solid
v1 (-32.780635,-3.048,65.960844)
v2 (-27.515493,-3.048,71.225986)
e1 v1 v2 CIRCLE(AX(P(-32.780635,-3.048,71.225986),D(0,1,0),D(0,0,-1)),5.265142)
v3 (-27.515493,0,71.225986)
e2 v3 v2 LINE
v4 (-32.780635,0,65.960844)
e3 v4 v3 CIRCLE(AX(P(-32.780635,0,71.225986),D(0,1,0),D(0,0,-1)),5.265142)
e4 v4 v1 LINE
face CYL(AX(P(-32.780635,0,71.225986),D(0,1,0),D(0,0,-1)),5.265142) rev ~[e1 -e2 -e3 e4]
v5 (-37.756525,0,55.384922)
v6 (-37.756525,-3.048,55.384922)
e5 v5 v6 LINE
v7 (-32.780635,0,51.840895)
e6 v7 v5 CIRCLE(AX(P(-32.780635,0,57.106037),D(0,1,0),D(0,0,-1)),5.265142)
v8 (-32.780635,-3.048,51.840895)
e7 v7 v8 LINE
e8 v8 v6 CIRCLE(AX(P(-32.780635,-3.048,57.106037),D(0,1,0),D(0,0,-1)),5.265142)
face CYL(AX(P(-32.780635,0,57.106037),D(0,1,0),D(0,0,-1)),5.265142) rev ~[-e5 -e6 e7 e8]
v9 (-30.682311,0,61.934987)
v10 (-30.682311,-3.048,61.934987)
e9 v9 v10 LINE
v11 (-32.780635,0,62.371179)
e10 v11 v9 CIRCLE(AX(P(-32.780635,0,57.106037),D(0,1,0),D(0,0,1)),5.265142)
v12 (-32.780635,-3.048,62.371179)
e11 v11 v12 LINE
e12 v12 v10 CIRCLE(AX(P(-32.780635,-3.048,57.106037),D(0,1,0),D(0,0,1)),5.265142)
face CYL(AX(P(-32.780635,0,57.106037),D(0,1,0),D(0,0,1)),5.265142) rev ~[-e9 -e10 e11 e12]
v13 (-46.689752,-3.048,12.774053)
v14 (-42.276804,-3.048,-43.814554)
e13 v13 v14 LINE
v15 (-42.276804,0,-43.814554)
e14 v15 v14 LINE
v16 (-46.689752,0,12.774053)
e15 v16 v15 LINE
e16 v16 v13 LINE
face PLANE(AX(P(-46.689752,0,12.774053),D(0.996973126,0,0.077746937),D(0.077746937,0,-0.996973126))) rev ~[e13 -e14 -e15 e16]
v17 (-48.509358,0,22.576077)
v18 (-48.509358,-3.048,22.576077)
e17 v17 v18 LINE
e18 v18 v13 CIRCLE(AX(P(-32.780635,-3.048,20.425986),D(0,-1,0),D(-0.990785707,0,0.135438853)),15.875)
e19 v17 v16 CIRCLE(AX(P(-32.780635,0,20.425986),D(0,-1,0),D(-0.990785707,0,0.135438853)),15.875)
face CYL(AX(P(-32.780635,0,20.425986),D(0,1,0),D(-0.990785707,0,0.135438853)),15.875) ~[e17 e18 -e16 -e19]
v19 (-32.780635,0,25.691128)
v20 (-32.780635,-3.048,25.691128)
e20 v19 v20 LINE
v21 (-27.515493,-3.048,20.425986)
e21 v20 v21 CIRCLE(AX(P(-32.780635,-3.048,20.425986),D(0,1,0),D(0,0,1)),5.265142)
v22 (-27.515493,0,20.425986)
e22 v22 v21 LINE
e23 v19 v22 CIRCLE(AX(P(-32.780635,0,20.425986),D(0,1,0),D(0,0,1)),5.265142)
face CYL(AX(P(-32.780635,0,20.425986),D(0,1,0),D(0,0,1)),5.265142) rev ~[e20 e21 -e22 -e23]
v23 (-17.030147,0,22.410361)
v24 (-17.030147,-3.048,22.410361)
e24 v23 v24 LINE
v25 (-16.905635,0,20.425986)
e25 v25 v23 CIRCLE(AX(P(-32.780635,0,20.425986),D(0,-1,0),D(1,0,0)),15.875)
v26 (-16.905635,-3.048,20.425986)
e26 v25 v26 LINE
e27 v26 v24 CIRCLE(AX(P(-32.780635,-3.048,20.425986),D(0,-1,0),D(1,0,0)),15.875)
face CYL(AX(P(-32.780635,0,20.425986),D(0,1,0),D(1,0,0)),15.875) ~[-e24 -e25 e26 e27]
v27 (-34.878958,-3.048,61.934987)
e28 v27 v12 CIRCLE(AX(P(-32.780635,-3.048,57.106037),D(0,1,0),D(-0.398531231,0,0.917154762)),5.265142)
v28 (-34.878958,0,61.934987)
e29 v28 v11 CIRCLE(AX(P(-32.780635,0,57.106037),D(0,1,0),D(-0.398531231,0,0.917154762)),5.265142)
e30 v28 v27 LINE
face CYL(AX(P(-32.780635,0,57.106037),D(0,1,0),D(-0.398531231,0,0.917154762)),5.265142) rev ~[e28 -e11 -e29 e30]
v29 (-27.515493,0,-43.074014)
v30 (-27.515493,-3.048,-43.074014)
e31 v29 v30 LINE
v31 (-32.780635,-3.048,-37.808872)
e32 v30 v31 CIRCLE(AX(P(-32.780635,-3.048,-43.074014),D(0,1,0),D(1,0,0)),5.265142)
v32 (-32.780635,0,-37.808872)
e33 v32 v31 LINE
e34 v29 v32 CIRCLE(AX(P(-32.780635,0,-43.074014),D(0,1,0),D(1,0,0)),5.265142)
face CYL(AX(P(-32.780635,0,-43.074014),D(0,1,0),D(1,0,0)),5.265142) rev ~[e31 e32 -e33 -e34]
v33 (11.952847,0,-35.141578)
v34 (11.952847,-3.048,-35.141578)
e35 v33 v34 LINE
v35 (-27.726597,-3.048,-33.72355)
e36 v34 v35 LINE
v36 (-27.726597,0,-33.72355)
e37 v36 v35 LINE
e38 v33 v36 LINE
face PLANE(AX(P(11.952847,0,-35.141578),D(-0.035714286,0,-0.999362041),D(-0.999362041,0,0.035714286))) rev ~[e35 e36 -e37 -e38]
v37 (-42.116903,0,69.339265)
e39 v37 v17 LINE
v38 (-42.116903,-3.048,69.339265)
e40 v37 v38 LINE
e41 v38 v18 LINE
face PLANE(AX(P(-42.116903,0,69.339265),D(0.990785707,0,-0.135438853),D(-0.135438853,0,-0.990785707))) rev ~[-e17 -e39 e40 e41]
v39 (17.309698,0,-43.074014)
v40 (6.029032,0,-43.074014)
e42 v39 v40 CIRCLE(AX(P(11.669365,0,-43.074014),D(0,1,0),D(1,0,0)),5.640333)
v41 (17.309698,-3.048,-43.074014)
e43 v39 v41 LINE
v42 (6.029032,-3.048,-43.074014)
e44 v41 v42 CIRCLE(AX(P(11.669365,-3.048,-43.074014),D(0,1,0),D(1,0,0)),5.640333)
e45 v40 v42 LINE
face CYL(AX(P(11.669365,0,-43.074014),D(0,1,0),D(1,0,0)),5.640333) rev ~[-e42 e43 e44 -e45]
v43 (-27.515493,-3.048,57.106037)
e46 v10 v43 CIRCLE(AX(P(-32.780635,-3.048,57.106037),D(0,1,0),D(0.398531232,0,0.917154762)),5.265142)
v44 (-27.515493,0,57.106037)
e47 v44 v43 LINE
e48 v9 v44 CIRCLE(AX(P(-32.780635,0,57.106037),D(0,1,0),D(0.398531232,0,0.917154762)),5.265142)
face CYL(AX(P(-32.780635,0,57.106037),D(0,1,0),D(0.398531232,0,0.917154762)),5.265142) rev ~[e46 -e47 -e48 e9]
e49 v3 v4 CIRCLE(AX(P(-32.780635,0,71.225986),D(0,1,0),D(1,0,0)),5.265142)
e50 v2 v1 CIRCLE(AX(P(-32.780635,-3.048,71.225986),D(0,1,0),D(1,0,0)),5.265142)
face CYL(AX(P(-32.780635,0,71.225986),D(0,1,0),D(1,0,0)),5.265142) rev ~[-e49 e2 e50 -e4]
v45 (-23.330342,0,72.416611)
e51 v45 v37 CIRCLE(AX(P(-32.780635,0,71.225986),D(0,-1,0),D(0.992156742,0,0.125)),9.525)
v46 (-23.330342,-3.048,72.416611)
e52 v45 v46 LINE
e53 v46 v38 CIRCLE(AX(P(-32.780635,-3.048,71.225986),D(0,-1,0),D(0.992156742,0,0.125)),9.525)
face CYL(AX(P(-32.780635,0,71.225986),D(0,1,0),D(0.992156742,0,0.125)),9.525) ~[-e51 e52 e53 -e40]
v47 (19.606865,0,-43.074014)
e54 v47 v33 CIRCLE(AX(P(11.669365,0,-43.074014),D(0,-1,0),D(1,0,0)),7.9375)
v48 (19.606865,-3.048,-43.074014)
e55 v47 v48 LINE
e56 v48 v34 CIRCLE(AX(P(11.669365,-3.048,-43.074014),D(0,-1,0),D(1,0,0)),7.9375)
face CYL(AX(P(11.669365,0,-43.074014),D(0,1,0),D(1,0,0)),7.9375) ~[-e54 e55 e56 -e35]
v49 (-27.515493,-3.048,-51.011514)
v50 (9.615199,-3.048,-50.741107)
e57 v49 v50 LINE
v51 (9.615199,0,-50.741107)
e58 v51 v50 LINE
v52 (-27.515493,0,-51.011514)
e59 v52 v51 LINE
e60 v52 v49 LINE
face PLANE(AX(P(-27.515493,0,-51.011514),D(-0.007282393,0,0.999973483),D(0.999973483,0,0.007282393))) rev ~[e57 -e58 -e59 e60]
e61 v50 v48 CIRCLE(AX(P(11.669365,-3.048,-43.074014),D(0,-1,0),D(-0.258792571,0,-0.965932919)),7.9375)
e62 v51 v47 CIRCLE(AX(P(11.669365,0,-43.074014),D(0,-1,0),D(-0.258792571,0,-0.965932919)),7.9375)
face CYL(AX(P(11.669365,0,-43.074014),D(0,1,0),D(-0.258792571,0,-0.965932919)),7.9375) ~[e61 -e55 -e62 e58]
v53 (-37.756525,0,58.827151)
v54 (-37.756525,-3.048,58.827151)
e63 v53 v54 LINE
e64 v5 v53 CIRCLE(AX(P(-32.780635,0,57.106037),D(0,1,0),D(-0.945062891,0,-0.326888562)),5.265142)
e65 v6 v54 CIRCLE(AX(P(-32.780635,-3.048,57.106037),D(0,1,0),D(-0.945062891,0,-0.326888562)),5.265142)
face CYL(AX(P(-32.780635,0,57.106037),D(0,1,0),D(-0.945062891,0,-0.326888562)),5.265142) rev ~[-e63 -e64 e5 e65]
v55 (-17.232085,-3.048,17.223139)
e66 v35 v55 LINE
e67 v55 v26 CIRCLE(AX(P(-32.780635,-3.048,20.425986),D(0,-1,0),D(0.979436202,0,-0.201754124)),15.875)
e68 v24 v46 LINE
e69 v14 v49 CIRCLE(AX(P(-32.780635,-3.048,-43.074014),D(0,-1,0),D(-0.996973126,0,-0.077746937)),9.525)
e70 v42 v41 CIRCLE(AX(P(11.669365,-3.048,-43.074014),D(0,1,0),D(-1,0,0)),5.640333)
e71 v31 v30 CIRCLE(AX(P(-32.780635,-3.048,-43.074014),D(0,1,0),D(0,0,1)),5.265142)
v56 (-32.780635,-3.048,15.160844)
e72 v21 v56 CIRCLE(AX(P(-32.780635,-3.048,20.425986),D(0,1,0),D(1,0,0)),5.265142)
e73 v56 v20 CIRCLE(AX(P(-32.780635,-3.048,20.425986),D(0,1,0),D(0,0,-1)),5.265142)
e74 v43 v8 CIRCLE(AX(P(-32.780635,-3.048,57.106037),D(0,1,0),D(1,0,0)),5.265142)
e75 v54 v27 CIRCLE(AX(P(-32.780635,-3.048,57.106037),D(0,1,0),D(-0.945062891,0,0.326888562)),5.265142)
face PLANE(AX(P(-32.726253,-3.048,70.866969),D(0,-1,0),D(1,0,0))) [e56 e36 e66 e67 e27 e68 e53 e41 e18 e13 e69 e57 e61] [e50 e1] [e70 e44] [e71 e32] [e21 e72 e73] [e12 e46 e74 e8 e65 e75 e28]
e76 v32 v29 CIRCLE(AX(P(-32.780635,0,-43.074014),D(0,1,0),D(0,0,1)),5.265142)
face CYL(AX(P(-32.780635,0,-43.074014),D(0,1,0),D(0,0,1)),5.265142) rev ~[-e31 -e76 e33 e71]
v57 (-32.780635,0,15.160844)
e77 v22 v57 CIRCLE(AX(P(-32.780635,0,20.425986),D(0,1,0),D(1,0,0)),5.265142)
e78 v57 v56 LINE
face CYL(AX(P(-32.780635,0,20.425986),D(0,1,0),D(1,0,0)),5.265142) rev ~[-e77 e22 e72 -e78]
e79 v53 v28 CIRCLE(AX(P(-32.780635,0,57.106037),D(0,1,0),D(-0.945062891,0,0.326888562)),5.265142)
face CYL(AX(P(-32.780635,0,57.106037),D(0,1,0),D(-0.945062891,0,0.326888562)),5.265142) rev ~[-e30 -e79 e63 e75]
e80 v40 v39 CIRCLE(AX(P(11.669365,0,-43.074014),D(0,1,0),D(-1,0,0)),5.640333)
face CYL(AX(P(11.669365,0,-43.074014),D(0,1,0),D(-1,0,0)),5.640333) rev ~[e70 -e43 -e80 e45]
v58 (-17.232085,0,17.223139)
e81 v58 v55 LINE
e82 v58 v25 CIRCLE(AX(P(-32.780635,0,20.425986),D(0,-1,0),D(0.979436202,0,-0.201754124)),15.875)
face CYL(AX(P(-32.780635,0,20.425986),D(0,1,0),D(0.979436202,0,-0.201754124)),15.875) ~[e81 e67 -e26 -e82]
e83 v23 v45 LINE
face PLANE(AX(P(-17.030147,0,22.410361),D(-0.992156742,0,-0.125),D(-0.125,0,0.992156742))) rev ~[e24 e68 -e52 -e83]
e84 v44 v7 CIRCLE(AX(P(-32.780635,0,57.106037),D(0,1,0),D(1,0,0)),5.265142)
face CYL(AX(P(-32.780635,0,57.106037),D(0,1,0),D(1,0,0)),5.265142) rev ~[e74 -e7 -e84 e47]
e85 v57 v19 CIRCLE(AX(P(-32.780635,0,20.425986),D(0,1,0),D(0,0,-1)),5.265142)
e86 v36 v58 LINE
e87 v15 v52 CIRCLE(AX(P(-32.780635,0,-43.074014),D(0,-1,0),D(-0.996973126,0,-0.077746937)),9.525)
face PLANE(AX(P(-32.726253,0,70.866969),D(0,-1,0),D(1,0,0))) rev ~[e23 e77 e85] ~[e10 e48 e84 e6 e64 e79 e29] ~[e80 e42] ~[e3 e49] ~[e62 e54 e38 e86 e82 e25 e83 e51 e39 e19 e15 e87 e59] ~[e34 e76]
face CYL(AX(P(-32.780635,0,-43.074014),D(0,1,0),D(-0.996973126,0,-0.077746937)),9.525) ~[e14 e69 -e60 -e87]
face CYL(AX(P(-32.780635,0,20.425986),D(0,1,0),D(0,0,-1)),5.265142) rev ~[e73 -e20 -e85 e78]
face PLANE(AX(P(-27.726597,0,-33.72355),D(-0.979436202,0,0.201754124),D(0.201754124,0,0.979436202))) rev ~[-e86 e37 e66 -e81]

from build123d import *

# Parameters (mm, degrees)
F1_DEPTH = 3.048


with BuildPart() as f1:
    # F0 (on Front) → F1 (new body)
    with BuildSketch(Plane.XZ):
        with BuildLine():
            ThreePointArc((-34.8789583164, 61.9349866176), (-33.852225346, 62.2609772896), (-32.7806348489, 62.3711785475))
            ThreePointArc((-32.7806348489, 62.3711785475), (-31.7090443518, 62.2609772896), (-30.6823113814, 61.9349866176))
            ThreePointArc((-30.6823113814, 61.9349866176), (-25.3404683176, 65.2787554881), (-23.2556348489, 71.2259856826))
            ThreePointArc((-23.2556348489, 71.2259856826), (-23.2743299547, 71.8224689245), (-23.3303418847, 72.4166106826))
            ThreePointArc((-23.3303418847, 72.4166106826), (-34.3203633768, 80.6257123308), (-42.1169034528, 69.3392653651))
            ThreePointArc((-42.1169034528, 69.3392653651), (-39.5918983075, 64.5677340279), (-34.8789583164, 61.9349866176))
        make_face()
        with BuildLine():
            ThreePointArc((-27.5154929942, 71.2259856826), (-29.0576173395, 67.5029681732), (-32.7806348489, 65.9608438279))
            ThreePointArc((-32.7806348489, 65.9608438279), (-36.5036523583, 74.9490031919), (-27.5154929942, 71.2259856826))
        make_face(mode=Mode.SUBTRACT)
        with BuildLine():
            ThreePointArc((-23.2556348489, 71.2259856826), (-25.3404683176, 65.2787554881), (-30.6823113814, 61.9349866176))
            ThreePointArc((-30.6823113814, 61.9349866176), (-28.3778124891, 59.9934012383), (-27.5154929942, 57.1060366929))
            ThreePointArc((-27.5154929942, 57.1060366929), (-29.0576173395, 53.3830191835), (-32.7806348489, 51.8408948382))
            Line((-32.7806348489, 51.8408948382), (-32.7806348489, 36.3009856826))
            ThreePointArc((-32.7806348489, 36.3009856826), (-22.2803093331, 32.3322356826), (-17.0301465752, 22.4103606826))
            Line((-17.0301465752, 22.4103606826), (-23.3303418847, 72.4166106826))
            ThreePointArc((-23.3303418847, 72.4166106826), (-23.2743299547, 71.8224689245), (-23.2556348489, 71.2259856826))
        make_face()
        with BuildLine():
            ThreePointArc((-37.7565250318, 58.8271513425), (-36.6440251628, 60.6831771755), (-34.8789583164, 61.9349866176))
            ThreePointArc((-34.8789583164, 61.9349866176), (-39.5918983075, 64.5677340279), (-42.1169034528, 69.3392653651))
            Line((-42.1169034528, 69.3392653651), (-48.5093579461, 22.5760774787))
            ThreePointArc((-48.5093579461, 22.5760774787), (-43.2181373695, 32.3873470655), (-32.7806348489, 36.3009856826))
            Line((-32.7806348489, 36.3009856826), (-32.7806348489, 51.8408948382))
            ThreePointArc((-32.7806348489, 51.8408948382), (-35.8351238382, 52.8174686609), (-37.7565250318, 55.3849220432))
            ThreePointArc((-37.7565250318, 55.3849220432), (-38.0457767036, 57.1060366929), (-37.7565250318, 58.8271513425))
        make_face()
        with BuildLine():
            ThreePointArc((-17.0301465752, 22.4103606826), (-22.2803093331, 32.3322356826), (-32.7806348489, 36.3009856826))
            Line((-32.7806348489, 36.3009856826), (-32.7806348489, 25.6911275373))
            ThreePointArc((-32.7806348489, 25.6911275373), (-29.0576173395, 24.1490031919), (-27.5154929942, 20.4259856826))
            ThreePointArc((-27.5154929942, 20.4259856826), (-29.0576173395, 16.7029681732), (-32.7806348489, 15.1608438279))
            Line((-32.7806348489, 15.1608438279), (-32.7806348489, 4.5509856826))
            ThreePointArc((-32.7806348489, 4.5509856826), (-22.7514166991, 8.1202793517), (-17.2320851442, 17.2231389673))
            ThreePointArc((-17.2320851442, 17.2231389673), (-16.9874582913, 18.8162654525), (-16.9056348489, 20.4259856826))
            ThreePointArc((-16.9056348489, 20.4259856826), (-16.9367933585, 21.4201244192), (-17.0301465752, 22.4103606826))
        make_face()
        with BuildLine():
            Line((-32.7806348489, 25.6911275373), (-32.7806348489, 36.3009856826))
            ThreePointArc((-32.7806348489, 36.3009856826), (-43.2181373695, 32.3873470655), (-48.5093579461, 22.5760774787))
            ThreePointArc((-48.5093579461, 22.5760774787), (-48.3889761782, 17.5285202473), (-46.6897521382, 12.7740525129))
            ThreePointArc((-46.6897521382, 12.7740525129), (-40.8596566316, 6.7605170834), (-32.7806348489, 4.5509856826))
            Line((-32.7806348489, 4.5509856826), (-32.7806348489, 15.1608438279))
            ThreePointArc((-32.7806348489, 15.1608438279), (-38.0457767036, 20.4259856826), (-32.7806348489, 25.6911275373))
        make_face()
        with BuildLine():
            ThreePointArc((-32.7806348489, 4.5509856826), (-40.8596566316, 6.7605170834), (-46.6897521382, 12.7740525129))
            Line((-46.6897521382, 12.7740525129), (-42.2768038731, -43.8145538939))
            ThreePointArc((-42.2768038731, -43.8145538939), (-39.7727469928, -36.6059394286), (-32.7806348489, -33.5490143174))
            Line((-32.7806348489, -33.5490143174), (-32.7806348489, 4.5509856826))
        make_face()
        with BuildLine():
            ThreePointArc((-17.2320851442, 17.2231389673), (-22.7514166991, 8.1202793517), (-32.7806348489, 4.5509856826))
            Line((-32.7806348489, 4.5509856826), (-32.7806348489, -33.5490143174))
            ThreePointArc((-32.7806348489, -33.5490143174), (-32.6105184292, -33.5505335775), (-32.4404562775, -33.5550908731))
            Line((-32.4404562775, -33.5550908731), (-27.7265968514, -33.7235504657))
            Line((-27.7265968514, -33.7235504657), (-17.2320851442, 17.2231389673))
        make_face()
        with BuildLine():
            ThreePointArc((-32.7806348489, -33.5490143174), (-39.7727469928, -36.6059394286), (-42.2768038731, -43.8145538939))
            ThreePointArc((-42.2768038731, -43.8145538939), (-36.9548961682, -51.6356244136), (-27.5154929942, -51.0115143174))
            ThreePointArc((-27.5154929942, -51.0115143174), (-24.3878968819, -47.5781873178), (-23.2556348489, -43.0740143174))
            Line((-23.2556348489, -43.0740143174), (-27.5154929942, -43.0740143174))
            ThreePointArc((-27.5154929942, -43.0740143174), (-36.5036523583, -46.7970318268), (-32.7806348489, -37.8088724627))
            Line((-32.7806348489, -37.8088724627), (-32.7806348489, -33.5490143174))
        make_face()
        with BuildLine():
            ThreePointArc((-23.2556348489, -43.0740143174), (-24.3878968819, -47.5781873178), (-27.5154929942, -51.0115143174))
            Line((-27.5154929942, -51.0115143174), (9.615199115, -50.7411068659))
            ThreePointArc((9.615199115, -50.7411068659), (5.37218923, -47.9061444553), (3.7318651511, -43.0740143174))
            Line((3.7318651511, -43.0740143174), (-23.2556348489, -43.0740143174))
        make_face()
        with BuildLine():
            Line((11.952847294, -35.1415781138), (-27.7265968514, -33.7235504657))
            Line((-27.7265968514, -33.7235504657), (-27.9604283213, -34.8587094521))
            ThreePointArc((-27.9604283213, -34.8587094521), (-24.515101225, -38.3404555175), (-23.2556348489, -43.0740143174))
            Line((-23.2556348489, -43.0740143174), (3.7318651511, -43.0740143174))
            ThreePointArc((3.7318651511, -43.0740143174), (6.1578423696, -37.3620074127), (11.952847294, -35.1415781138))
        make_face()
        with BuildLine():
            Line((-27.9604283213, -34.8587094521), (-27.7265968514, -33.7235504657))
            Line((-27.7265968514, -33.7235504657), (-32.4404562775, -33.5550908731))
            ThreePointArc((-32.4404562775, -33.5550908731), (-30.1193853411, -33.9283390522), (-27.9604283213, -34.8587094521))
        make_face()
        with BuildLine():
            ThreePointArc((3.7318651511, -43.0740143174), (5.37218923, -47.9061444553), (9.615199115, -50.7411068659))
            ThreePointArc((9.615199115, -50.7411068659), (16.501495289, -49.3711902385), (19.6068651511, -43.0740143174))
            ThreePointArc((19.6068651511, -43.0740143174), (17.3813720558, -37.562491536), (11.952847294, -35.1415781138))
            ThreePointArc((11.952847294, -35.1415781138), (6.1578423696, -37.3620074127), (3.7318651511, -43.0740143174))
        make_face()
        with BuildLine():
            ThreePointArc((17.3096979226, -43.0740143174), (11.6693651511, -48.7143470889), (6.0290323796, -43.0740143174))
            ThreePointArc((6.0290323796, -43.0740143174), (11.6693651511, -37.433681546), (17.3096979226, -43.0740143174))
        make_face(mode=Mode.SUBTRACT)
        with BuildLine():
            ThreePointArc((-32.4404562775, -33.5550908731), (-32.6105184292, -33.5505335775), (-32.7806348489, -33.5490143174))
            Line((-32.7806348489, -33.5490143174), (-32.7806348489, -37.8088724627))
            ThreePointArc((-32.7806348489, -37.8088724627), (-29.0576173395, -39.3509968081), (-27.5154929942, -43.0740143174))
            Line((-27.5154929942, -43.0740143174), (-23.2556348489, -43.0740143174))
            ThreePointArc((-23.2556348489, -43.0740143174), (-24.515101225, -38.3404555175), (-27.9604283213, -34.8587094521))
            ThreePointArc((-27.9604283213, -34.8587094521), (-30.1193853411, -33.9283390522), (-32.4404562775, -33.5550908731))
        make_face()
    extrude(amount=F1_DEPTH)


solid = f1.part
